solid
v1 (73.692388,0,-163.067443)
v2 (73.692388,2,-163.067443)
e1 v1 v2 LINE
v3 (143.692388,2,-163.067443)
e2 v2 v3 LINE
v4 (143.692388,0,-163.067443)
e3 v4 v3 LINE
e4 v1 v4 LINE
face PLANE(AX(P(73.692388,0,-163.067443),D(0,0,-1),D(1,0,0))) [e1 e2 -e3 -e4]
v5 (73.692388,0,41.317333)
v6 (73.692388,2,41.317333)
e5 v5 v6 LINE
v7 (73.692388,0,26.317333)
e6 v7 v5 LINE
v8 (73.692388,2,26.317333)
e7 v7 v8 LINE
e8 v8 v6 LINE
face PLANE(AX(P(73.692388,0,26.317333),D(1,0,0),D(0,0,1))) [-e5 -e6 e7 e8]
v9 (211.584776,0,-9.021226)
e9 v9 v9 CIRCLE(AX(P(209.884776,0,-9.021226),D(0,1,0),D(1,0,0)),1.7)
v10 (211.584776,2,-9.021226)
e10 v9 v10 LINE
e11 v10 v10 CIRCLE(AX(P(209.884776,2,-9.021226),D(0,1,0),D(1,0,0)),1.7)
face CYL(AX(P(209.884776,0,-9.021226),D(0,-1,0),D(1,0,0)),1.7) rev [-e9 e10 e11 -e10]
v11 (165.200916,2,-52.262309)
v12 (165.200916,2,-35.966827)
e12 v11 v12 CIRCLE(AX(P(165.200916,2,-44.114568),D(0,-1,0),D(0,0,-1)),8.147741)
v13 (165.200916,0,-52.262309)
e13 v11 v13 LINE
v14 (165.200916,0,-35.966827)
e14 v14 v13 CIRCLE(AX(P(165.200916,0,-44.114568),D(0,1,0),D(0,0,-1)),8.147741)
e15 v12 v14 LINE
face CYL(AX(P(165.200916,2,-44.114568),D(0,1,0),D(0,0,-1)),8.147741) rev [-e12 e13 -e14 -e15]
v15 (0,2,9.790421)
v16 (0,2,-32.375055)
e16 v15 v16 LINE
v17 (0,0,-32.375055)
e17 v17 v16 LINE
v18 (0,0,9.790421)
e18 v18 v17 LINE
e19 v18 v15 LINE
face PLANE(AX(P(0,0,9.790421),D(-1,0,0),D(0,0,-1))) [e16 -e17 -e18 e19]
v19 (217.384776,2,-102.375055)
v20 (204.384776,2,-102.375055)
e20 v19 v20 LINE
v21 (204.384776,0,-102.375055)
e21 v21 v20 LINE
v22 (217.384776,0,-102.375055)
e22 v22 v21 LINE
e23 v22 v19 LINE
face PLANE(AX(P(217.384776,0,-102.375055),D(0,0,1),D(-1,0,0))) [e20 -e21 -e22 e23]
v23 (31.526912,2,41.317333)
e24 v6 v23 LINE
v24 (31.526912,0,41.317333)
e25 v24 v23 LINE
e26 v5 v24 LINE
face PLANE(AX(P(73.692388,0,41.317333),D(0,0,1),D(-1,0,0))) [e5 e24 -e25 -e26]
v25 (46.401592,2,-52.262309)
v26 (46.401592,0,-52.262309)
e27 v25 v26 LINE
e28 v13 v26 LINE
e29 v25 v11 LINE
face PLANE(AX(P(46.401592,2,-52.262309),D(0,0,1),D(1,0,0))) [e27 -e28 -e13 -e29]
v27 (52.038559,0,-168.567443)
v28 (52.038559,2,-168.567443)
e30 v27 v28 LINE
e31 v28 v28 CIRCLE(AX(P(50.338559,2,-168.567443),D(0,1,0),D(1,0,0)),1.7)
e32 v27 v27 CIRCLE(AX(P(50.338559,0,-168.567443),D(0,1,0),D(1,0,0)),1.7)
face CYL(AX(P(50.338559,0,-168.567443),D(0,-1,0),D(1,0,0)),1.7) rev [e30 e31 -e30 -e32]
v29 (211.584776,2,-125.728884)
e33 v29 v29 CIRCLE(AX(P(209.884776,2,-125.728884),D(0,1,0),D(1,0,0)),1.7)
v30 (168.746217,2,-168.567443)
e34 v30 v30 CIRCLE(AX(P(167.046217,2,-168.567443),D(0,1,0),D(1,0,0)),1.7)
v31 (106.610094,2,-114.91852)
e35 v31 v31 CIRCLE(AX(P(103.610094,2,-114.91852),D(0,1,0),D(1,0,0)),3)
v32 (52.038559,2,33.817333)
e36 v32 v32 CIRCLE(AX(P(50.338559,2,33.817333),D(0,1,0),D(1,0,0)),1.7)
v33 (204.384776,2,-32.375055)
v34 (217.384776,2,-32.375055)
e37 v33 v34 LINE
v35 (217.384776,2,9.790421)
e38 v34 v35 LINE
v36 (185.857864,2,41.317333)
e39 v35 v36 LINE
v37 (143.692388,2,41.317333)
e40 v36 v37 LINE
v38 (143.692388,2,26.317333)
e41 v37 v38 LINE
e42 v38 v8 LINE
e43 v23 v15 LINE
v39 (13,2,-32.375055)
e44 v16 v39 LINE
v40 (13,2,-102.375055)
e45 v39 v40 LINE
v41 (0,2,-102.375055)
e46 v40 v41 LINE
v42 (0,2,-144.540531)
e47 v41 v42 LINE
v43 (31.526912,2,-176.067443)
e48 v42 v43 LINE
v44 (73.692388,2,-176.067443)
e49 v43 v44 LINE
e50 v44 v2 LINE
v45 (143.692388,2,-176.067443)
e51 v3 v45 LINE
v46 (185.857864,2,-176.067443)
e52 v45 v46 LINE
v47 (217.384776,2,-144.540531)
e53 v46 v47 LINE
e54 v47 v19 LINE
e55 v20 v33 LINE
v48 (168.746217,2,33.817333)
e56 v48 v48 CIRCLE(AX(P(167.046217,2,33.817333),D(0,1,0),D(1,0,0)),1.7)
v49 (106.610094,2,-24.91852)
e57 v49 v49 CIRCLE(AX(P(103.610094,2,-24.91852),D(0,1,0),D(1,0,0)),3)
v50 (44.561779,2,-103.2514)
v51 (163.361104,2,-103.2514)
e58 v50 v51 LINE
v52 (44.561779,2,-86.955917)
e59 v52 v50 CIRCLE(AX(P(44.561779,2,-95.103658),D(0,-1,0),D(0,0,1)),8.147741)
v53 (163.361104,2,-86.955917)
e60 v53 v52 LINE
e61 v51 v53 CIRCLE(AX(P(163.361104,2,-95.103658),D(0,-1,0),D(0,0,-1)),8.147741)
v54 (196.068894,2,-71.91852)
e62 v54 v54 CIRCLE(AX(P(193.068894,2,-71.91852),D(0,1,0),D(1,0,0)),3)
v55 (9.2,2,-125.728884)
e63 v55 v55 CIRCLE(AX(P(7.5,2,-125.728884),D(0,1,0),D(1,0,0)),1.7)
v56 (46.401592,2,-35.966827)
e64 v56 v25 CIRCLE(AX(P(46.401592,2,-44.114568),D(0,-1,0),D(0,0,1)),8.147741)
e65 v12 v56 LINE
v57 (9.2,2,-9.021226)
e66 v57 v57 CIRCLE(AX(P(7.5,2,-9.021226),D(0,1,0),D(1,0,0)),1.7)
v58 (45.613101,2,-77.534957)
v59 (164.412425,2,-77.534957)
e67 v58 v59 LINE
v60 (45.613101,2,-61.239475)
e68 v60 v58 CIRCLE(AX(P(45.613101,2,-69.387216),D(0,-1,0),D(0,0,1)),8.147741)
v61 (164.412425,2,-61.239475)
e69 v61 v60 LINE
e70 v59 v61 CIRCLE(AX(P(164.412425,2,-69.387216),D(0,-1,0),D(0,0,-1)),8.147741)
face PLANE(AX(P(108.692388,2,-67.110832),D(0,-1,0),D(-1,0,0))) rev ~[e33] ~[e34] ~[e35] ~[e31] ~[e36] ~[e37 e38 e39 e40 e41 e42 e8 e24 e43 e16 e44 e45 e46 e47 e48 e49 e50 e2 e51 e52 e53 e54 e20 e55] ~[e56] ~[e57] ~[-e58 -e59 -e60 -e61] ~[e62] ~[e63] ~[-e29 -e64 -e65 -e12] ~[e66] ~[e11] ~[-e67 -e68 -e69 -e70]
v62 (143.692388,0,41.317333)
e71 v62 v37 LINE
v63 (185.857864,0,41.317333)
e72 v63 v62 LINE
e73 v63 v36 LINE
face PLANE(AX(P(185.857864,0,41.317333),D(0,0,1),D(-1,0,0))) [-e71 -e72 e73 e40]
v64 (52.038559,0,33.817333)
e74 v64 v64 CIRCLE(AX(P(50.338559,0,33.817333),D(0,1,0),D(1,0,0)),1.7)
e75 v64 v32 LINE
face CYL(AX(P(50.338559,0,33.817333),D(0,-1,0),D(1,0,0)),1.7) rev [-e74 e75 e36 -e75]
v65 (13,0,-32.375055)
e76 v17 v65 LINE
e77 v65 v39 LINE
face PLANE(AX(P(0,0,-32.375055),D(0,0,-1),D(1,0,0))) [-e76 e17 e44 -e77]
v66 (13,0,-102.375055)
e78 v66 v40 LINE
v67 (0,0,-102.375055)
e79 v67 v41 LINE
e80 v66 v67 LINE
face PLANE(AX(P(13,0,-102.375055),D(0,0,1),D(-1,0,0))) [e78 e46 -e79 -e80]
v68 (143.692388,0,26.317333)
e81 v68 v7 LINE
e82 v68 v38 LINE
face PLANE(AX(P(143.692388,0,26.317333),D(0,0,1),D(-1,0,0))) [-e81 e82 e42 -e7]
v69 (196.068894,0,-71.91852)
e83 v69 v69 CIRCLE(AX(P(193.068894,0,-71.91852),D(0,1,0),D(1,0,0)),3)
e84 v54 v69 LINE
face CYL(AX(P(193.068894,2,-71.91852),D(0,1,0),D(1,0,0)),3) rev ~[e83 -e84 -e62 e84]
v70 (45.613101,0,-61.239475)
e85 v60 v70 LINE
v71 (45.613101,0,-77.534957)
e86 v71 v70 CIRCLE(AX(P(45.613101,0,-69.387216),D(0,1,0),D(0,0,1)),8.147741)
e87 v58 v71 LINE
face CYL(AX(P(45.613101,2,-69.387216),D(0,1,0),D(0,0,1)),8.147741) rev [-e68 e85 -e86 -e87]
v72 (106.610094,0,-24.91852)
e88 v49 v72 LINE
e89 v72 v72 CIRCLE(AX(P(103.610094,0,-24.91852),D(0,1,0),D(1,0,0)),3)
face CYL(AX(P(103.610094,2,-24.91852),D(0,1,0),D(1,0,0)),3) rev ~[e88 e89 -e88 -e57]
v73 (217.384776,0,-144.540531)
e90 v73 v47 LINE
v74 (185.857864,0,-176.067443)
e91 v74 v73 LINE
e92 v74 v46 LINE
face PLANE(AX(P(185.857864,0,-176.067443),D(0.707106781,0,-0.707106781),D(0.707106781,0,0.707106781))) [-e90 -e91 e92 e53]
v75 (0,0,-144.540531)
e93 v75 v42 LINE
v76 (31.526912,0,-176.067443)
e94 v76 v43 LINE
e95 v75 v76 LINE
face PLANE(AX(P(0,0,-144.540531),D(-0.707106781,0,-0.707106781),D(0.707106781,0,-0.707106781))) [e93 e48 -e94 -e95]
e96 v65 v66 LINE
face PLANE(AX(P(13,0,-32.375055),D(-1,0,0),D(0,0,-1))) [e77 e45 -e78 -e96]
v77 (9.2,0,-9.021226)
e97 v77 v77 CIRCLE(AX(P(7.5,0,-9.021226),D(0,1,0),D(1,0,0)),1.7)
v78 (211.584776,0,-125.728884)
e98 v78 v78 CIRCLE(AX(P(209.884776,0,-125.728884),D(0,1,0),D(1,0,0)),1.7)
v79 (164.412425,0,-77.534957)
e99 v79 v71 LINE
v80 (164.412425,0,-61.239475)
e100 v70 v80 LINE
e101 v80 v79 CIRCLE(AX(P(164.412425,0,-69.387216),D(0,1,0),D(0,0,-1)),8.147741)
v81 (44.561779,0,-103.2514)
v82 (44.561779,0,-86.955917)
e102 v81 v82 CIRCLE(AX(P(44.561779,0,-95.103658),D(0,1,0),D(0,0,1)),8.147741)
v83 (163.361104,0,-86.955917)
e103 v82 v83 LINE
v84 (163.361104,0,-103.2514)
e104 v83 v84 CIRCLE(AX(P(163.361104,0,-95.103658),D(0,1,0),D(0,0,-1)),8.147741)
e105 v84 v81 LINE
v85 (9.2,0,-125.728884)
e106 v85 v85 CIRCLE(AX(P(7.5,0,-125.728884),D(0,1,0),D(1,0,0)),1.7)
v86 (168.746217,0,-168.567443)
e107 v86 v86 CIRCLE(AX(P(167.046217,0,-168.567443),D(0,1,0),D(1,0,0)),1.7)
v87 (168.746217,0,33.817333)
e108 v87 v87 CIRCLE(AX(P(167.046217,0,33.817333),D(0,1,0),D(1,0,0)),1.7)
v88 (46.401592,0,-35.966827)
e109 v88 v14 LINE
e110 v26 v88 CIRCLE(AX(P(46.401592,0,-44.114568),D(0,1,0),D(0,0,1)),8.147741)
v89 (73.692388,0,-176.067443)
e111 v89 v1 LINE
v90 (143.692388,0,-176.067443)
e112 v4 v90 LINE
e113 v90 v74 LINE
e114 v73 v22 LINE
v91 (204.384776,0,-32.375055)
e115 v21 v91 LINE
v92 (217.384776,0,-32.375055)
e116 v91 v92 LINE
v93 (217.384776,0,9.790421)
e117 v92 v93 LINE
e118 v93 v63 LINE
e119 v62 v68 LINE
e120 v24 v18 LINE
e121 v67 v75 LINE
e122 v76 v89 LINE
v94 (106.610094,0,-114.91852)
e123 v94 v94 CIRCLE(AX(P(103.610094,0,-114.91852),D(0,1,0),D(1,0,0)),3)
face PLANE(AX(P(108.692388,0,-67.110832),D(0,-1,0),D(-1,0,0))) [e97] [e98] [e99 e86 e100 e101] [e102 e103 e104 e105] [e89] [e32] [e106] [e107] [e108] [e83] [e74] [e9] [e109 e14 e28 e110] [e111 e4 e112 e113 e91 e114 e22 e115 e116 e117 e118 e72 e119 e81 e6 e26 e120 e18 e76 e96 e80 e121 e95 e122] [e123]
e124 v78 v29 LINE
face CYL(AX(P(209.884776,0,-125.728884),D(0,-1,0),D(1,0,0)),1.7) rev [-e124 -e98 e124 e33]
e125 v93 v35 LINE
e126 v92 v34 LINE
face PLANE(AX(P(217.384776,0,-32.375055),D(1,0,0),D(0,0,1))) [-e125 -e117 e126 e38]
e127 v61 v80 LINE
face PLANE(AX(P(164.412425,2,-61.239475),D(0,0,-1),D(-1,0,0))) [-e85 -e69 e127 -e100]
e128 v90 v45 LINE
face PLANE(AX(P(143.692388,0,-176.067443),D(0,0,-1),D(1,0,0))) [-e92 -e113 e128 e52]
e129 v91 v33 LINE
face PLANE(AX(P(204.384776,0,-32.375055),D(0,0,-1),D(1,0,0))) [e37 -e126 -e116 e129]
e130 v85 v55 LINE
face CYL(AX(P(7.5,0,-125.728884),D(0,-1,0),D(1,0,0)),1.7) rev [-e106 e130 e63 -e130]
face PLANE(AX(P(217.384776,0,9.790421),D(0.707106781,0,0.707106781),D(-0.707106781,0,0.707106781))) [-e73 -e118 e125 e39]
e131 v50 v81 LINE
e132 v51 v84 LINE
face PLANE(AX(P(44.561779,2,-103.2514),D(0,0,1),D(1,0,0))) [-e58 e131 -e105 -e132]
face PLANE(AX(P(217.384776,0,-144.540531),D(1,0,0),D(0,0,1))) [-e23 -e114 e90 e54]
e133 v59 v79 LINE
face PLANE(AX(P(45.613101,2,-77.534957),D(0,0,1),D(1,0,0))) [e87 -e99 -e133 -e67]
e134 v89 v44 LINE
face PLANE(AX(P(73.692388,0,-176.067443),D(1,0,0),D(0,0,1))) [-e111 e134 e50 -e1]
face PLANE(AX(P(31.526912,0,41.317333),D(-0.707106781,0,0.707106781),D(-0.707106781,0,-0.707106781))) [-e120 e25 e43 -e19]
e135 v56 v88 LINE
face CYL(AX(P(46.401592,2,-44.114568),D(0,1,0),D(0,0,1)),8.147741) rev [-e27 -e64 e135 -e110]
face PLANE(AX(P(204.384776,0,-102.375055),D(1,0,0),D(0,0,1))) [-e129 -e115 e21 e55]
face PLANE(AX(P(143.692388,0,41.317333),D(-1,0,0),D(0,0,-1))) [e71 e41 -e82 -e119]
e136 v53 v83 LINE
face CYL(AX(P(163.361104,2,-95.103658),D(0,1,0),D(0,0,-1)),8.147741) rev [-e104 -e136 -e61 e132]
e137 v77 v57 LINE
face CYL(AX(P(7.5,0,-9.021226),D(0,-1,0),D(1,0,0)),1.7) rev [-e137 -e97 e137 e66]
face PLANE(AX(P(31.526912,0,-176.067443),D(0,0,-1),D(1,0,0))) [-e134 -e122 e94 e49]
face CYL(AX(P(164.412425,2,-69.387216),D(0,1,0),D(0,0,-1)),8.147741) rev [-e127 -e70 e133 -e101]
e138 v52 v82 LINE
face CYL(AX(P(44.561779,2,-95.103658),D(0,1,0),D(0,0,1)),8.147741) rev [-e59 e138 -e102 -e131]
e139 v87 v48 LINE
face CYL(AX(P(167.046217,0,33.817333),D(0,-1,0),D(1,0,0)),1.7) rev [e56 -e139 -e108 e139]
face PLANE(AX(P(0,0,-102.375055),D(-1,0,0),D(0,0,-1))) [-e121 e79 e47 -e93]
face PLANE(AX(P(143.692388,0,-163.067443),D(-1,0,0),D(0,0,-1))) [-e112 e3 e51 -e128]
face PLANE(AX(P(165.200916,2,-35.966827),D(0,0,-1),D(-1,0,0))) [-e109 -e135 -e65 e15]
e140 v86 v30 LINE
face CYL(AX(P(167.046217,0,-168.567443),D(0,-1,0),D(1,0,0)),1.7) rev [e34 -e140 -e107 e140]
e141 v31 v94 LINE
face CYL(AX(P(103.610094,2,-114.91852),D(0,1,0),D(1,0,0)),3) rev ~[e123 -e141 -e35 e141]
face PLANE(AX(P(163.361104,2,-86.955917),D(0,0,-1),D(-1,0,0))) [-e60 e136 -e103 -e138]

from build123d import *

# Parameters (mm, degrees)
SKETCH_1_R          = 1.7
EXTRUDE_1_DEPTH     = 2
SKETCH_3_R          = 3
CUT_EXTRUDE_1_DEPTH = 10
CUT_EXTRUDE_2_DEPTH = 10


with BuildPart() as part:
    # 草图1 → 凸台-拉伸1 (new body)
    with BuildSketch(Plane(origin=(0, 0, 0), x_dir=(1, 0, 0), z_dir=(0, 1, 0))):
        Polygon((0, -9.790421162), (0, 32.375054838), (13, 32.375054838), (13, 102.375054838), (0, 102.375054838), (0, 144.54053128), (31.526911935, 176.067443214), (73.692388376, 176.067443215), (73.692388376, 163.067443215), (143.692388376, 163.067443215), (143.692388376, 176.067443215), (185.857864376, 176.067443214), (217.384776311, 144.54053128), (217.384776311, 102.375054838), (204.384776311, 102.375054838), (204.384776311, 32.375054838), (217.384776311, 32.375054838), (217.384776311, -9.790421162), (185.857864376, -41.317333096), (143.692388376, -41.317333096), (143.692388376, -26.317333096), (73.692388376, -26.317333096), (73.692388376, -41.317333096), (31.526911935, -41.317333096), align=None)
        with Locations((209.884776311, 9.021225987)):
            Circle(SKETCH_1_R, mode=Mode.SUBTRACT)
        with Locations((209.884776311, 125.728884132)):
            Circle(SKETCH_1_R, mode=Mode.SUBTRACT)
        with Locations((167.046217228, 168.567443215)):
            Circle(SKETCH_1_R, mode=Mode.SUBTRACT)
        with Locations((50.338559083, 168.567443214)):
            Circle(SKETCH_1_R, mode=Mode.SUBTRACT)
        with Locations((7.5, 125.728884132)):
            Circle(SKETCH_1_R, mode=Mode.SUBTRACT)
        with Locations((7.5, 9.021225987)):
            Circle(SKETCH_1_R, mode=Mode.SUBTRACT)
        with Locations((50.338559083, -33.817333096)):
            Circle(SKETCH_1_R, mode=Mode.SUBTRACT)
        with Locations((167.046217228, -33.817333096)):
            Circle(SKETCH_1_R, mode=Mode.SUBTRACT)
    extrude(amount=EXTRUDE_1_DEPTH)

    # 草图3 → 切除-拉伸1 (cut)
    with BuildSketch(Plane(origin=(0, 2, 0), x_dir=(1, 0, 0), z_dir=(0, 1, 0))):
        with Locations((103.610094152, 114.918520178)):
            Circle(SKETCH_3_R)
        with Locations((103.610094152, 24.918520178)):
            Circle(SKETCH_3_R)
        with Locations((193.068894152, 71.918520178)):
            Circle(SKETCH_3_R)
    extrude(amount=-CUT_EXTRUDE_1_DEPTH, mode=Mode.SUBTRACT)

    # 草图4 → 切除-拉伸2 (cut)
    with BuildSketch(Plane(origin=(0, 2, 0), x_dir=(1, 0, 0), z_dir=(0, 1, 0))):
        with BuildLine():
            Line((44.561779376, 103.251399725), (163.361103837, 103.251399725))
            ThreePointArc((163.361103837, 103.251399725), (171.508845116, 95.103658445), (163.361103837, 86.955917166))
            Line((163.361103837, 86.955917166), (44.561779376, 86.955917166))
            ThreePointArc((44.561779376, 86.955917166), (36.414038096, 95.103658445), (44.561779376, 103.251399725))
        make_face()
        with BuildLine():
            Line((45.613100831, 77.534957336), (164.412425292, 77.534957336))
            ThreePointArc((164.412425292, 77.534957336), (172.560166571, 69.387216057), (164.412425292, 61.239474778))
            Line((164.412425292, 61.239474778), (45.613100831, 61.239474778))
            ThreePointArc((45.613100831, 61.239474778), (37.465359552, 69.387216057), (45.613100831, 77.534957336))
        make_face()
        with BuildLine():
            Line((46.401591922, 52.262309138), (165.200916384, 52.262309138))
            ThreePointArc((165.200916384, 52.262309138), (173.348657663, 44.114567858), (165.200916384, 35.966826579))
            Line((165.200916384, 35.966826579), (46.401591922, 35.966826579))
            ThreePointArc((46.401591922, 35.966826579), (38.253850643, 44.114567858), (46.401591922, 52.262309138))
        make_face()
    extrude(amount=-CUT_EXTRUDE_2_DEPTH, mode=Mode.SUBTRACT)


solid = part.part
